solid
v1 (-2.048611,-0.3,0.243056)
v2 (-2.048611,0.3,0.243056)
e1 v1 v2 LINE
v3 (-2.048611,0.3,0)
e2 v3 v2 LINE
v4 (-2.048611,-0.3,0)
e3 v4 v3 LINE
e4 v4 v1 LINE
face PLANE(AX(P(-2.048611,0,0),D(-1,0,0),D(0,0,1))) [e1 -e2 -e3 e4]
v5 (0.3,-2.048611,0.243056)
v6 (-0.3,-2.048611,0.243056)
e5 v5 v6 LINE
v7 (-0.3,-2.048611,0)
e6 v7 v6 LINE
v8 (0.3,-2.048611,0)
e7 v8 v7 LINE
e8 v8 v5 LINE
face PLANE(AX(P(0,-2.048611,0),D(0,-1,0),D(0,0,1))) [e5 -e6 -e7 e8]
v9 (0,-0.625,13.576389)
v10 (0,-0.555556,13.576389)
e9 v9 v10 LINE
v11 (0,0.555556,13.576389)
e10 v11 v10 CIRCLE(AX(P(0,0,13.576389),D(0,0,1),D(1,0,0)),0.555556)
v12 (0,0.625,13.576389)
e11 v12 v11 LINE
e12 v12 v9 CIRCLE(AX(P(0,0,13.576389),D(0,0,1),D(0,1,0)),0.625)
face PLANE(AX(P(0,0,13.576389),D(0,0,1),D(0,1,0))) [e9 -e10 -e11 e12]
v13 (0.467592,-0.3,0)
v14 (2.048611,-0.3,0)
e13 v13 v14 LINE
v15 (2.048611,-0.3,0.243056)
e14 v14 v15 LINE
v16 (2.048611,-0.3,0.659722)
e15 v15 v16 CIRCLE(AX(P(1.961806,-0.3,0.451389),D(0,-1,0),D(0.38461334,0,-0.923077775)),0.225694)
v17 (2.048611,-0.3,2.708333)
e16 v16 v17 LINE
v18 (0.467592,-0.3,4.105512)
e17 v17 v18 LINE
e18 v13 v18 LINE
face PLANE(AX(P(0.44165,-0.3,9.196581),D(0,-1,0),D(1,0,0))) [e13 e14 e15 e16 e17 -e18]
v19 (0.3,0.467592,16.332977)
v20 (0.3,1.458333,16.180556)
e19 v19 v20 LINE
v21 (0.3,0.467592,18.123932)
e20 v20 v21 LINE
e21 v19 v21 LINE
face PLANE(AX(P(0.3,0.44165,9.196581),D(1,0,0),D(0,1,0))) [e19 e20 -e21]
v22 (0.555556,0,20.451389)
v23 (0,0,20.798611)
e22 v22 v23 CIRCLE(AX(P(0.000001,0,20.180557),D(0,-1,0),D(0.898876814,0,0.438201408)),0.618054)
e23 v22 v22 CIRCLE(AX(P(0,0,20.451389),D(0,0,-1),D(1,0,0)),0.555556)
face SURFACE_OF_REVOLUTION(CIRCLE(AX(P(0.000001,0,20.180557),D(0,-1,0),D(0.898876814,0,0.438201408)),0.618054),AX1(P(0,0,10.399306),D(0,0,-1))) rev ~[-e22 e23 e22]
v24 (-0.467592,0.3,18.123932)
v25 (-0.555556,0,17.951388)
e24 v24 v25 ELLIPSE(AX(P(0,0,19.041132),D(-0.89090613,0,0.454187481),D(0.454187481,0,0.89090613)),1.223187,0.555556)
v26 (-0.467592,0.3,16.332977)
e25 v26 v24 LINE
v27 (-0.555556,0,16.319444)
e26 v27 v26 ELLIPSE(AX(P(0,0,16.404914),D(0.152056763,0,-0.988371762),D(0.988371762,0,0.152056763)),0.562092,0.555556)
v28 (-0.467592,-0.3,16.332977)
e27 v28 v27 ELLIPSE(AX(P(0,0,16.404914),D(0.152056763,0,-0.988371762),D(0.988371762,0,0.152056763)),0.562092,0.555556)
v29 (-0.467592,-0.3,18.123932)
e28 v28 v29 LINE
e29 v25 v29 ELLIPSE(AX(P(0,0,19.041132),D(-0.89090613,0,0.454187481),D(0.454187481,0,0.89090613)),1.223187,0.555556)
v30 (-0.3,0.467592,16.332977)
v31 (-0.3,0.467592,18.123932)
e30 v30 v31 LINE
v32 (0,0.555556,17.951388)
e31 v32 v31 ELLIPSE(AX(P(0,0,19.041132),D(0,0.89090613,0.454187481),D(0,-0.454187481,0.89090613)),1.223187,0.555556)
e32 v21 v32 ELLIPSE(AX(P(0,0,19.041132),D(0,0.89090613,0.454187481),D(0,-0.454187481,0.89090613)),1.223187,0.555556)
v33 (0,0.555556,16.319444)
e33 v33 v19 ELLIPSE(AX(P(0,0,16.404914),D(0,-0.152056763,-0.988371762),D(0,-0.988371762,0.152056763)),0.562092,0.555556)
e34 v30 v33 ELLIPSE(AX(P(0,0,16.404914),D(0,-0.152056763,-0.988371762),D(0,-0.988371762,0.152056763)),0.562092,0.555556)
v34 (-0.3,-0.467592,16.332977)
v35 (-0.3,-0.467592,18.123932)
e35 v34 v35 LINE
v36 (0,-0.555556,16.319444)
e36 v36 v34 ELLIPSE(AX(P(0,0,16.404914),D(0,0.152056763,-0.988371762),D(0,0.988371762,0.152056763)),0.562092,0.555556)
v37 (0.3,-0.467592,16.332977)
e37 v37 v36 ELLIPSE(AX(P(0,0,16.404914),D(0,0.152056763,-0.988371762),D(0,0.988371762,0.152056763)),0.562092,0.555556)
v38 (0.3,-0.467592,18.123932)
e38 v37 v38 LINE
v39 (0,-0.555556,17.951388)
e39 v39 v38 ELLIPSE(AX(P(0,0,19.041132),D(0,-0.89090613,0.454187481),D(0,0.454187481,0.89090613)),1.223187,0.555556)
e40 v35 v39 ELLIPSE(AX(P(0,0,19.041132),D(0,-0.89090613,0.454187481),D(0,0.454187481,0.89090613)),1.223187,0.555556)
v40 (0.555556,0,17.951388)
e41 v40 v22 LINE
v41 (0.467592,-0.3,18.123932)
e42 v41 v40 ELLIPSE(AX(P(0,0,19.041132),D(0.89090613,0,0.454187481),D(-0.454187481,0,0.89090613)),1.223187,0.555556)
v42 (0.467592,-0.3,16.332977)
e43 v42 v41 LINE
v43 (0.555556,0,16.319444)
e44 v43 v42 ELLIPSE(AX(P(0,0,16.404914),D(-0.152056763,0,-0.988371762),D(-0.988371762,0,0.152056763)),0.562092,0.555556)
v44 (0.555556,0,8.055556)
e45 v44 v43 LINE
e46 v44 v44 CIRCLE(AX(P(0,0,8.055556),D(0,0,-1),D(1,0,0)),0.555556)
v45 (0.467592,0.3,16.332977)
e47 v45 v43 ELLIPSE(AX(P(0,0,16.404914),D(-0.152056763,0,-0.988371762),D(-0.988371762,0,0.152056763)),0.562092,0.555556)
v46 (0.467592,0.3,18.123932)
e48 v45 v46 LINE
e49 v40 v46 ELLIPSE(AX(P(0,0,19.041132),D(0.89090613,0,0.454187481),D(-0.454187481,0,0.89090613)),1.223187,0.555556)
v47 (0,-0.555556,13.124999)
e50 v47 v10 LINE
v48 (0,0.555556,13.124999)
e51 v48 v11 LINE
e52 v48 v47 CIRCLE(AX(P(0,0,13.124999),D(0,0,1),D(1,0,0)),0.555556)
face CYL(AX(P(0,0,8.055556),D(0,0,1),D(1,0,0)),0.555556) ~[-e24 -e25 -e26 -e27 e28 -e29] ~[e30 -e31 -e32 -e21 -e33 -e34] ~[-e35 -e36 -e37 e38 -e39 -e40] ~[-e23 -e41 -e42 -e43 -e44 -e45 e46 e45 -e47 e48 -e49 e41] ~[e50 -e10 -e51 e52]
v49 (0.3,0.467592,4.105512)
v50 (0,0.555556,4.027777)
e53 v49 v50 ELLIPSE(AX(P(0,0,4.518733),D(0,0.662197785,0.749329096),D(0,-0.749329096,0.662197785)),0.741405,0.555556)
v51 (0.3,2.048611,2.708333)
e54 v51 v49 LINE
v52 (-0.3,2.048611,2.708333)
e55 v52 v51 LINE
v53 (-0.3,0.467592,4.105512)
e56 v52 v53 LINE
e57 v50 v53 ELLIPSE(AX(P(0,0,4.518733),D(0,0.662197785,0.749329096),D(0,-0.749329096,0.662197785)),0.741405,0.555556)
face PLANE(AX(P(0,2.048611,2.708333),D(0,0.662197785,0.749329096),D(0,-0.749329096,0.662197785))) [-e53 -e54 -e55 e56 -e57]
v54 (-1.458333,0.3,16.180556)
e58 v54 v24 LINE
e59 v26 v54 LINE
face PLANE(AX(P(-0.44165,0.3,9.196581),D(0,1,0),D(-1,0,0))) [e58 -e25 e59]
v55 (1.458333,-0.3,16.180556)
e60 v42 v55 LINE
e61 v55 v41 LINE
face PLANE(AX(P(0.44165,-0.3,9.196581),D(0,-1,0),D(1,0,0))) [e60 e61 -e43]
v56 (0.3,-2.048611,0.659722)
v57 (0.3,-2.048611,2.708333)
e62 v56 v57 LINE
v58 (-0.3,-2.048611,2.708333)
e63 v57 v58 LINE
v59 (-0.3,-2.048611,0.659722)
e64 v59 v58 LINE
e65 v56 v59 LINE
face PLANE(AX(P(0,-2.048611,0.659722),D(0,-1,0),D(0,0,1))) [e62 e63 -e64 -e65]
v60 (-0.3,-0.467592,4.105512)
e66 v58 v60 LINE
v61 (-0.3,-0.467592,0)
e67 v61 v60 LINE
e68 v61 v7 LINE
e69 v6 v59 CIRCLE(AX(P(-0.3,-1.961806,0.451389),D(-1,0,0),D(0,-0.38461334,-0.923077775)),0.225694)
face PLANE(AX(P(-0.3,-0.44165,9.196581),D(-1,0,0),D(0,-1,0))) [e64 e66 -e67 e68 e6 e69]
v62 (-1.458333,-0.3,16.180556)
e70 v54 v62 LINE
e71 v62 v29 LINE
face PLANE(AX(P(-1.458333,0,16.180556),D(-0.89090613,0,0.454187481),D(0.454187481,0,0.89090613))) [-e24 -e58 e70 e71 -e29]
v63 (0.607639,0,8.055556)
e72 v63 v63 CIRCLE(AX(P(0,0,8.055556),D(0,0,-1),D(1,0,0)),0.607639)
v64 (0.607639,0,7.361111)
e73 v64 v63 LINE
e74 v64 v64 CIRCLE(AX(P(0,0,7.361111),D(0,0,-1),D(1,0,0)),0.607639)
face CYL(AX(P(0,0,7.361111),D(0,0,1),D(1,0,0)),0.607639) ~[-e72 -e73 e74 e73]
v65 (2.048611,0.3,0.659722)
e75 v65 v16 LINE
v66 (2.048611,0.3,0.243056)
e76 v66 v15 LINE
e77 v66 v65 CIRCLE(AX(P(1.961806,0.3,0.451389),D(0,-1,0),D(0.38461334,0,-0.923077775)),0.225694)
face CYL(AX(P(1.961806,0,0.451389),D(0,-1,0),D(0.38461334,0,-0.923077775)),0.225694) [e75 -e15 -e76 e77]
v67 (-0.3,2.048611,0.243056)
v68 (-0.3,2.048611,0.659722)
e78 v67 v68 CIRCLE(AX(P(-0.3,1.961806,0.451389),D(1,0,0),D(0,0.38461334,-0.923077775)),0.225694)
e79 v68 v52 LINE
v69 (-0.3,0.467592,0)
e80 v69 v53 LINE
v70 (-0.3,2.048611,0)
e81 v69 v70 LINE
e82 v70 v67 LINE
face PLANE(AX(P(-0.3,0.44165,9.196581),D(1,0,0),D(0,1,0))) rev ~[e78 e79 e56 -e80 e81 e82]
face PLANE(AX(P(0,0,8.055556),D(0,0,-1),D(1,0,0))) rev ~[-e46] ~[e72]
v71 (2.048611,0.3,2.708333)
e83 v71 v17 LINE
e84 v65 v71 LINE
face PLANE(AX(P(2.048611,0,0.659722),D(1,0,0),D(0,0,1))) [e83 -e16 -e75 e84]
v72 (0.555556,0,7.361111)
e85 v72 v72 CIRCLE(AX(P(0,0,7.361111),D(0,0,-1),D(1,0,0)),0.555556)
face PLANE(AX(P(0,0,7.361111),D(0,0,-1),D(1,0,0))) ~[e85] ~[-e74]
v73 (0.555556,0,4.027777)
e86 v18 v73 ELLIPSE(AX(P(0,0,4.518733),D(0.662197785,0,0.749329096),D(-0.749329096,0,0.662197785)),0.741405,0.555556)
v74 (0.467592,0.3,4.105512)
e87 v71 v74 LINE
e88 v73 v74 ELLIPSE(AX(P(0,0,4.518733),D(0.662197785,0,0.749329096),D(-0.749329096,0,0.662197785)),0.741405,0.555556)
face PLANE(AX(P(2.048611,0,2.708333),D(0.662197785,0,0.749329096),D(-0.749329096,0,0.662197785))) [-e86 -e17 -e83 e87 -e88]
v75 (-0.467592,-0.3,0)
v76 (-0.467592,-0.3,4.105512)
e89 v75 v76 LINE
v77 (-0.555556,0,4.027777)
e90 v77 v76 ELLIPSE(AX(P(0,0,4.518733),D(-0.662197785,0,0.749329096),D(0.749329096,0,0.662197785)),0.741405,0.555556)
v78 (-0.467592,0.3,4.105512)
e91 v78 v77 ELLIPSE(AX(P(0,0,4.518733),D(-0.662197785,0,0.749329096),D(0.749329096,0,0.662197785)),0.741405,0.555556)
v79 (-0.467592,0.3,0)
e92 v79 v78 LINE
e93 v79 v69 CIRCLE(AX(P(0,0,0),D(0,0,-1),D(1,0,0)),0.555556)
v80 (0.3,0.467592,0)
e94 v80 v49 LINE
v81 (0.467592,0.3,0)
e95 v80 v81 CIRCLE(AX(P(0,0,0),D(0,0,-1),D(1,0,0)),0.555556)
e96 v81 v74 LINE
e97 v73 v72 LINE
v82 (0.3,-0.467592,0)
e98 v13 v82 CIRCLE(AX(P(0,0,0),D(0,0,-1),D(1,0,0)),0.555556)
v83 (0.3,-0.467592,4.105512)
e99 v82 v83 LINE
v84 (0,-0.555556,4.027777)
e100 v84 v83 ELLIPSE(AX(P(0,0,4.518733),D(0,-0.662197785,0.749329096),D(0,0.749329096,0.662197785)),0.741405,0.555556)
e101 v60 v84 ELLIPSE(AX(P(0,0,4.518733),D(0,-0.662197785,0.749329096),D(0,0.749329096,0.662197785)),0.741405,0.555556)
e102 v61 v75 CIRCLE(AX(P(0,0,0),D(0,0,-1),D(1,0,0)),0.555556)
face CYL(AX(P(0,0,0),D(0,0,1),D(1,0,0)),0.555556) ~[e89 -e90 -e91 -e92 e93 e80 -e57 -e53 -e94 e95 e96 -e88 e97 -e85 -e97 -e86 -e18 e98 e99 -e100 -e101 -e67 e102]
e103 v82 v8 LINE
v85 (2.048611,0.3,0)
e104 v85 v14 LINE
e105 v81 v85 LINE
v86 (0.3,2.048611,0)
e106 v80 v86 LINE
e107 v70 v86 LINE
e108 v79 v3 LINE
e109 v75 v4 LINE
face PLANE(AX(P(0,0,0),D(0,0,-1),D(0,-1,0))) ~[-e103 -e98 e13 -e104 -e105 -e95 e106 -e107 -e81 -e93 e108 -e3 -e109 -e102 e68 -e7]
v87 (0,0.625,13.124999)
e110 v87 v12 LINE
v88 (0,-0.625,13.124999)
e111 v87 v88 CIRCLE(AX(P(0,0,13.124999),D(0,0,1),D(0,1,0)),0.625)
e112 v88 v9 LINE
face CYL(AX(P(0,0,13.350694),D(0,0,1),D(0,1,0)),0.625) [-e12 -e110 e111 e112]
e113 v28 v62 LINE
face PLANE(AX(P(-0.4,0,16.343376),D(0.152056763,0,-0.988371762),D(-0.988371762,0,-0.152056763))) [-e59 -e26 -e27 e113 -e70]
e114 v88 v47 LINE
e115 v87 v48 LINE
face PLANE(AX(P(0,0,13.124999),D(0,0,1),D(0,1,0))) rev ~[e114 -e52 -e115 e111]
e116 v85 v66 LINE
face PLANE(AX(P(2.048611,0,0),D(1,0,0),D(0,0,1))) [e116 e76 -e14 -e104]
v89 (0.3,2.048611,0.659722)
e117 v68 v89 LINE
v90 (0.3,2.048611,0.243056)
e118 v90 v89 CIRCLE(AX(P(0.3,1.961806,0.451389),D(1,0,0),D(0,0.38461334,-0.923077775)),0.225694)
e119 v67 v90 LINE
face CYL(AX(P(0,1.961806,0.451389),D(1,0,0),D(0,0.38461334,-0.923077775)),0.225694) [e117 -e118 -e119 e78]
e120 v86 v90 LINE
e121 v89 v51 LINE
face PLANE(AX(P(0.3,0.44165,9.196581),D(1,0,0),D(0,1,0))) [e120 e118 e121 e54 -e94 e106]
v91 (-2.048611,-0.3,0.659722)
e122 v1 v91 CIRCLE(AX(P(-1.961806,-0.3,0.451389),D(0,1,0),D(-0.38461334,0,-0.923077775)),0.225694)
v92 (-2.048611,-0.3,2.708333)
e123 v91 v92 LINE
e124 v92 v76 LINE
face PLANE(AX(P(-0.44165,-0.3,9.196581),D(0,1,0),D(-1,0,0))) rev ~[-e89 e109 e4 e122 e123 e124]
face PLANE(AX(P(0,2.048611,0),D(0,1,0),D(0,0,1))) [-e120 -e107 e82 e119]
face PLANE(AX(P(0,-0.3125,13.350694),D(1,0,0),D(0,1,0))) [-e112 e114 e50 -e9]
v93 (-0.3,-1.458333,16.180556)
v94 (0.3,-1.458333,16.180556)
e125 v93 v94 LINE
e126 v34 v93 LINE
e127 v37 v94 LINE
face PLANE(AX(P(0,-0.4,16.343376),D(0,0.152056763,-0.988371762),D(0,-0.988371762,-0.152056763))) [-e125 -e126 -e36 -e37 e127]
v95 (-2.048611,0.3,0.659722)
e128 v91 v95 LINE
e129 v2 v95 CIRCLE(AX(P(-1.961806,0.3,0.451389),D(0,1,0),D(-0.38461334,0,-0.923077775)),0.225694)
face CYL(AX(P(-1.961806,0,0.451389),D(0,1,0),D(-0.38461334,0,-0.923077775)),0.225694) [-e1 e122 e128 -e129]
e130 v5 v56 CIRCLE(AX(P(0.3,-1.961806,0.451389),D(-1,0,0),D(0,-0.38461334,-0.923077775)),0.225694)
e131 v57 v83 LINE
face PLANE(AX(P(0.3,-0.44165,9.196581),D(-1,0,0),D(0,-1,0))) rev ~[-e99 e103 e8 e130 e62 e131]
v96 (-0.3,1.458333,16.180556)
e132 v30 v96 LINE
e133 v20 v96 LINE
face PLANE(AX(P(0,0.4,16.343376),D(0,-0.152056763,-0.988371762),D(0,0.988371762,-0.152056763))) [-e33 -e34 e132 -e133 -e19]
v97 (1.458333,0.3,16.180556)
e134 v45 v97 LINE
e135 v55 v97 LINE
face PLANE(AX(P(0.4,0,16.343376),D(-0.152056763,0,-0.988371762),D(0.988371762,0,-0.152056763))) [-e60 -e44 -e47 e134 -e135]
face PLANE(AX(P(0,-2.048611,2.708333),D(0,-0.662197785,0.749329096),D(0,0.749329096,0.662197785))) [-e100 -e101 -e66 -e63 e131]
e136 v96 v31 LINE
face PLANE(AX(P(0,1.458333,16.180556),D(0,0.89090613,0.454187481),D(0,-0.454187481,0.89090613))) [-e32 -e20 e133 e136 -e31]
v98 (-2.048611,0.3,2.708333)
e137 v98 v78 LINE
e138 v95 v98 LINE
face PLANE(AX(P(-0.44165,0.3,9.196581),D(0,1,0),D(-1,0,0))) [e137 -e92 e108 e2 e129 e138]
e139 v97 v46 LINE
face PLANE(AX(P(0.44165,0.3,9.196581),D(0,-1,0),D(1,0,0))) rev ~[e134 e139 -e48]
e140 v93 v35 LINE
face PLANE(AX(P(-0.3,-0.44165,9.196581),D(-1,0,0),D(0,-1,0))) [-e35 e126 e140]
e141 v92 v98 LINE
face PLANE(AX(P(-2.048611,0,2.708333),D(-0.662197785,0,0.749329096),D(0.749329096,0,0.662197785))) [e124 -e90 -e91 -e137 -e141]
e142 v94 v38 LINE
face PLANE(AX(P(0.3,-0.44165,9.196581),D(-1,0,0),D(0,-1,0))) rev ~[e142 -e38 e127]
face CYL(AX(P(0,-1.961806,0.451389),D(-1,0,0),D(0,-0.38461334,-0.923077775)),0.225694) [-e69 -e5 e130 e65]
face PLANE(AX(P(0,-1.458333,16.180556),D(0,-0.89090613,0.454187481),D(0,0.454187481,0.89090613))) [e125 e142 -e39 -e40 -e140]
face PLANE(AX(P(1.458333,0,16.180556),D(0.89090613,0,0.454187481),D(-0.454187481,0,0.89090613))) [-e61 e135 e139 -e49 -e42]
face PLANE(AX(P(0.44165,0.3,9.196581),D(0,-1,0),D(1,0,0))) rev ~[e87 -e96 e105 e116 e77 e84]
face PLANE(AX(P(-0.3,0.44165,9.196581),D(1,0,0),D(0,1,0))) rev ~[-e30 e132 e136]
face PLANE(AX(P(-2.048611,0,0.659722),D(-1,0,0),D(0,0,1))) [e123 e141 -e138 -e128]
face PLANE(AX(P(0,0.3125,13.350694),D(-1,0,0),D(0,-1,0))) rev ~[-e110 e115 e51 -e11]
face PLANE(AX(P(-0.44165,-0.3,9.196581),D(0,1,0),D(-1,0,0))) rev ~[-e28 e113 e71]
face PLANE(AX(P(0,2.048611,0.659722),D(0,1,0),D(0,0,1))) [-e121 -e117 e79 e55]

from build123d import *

# Parameters (mm, degrees)
F3_DEPTH      = 0.3
F4_COUNT      = 4
F5_W          = 0.625
F5_H          = 0.451389
F6_ANGLE_BACK = 90
F6_ANGLE      = 180


with BuildPart() as f1:
    # F0 (on Front) → F1 (revolve)
    with BuildSketch(Plane.XZ):
        with BuildLine():
            Line((0, 20.798611), (0, 0))
            Line((0, 0), (0.555556, 0))
            Line((0.555556, 0), (0.555556, 7.361111))
            Line((0.555556, 7.361111), (0.607639, 7.361111))
            Line((0.607639, 7.361111), (0.607639, 8.055556))
            Line((0.607639, 8.055556), (0.555556, 8.055556))
            Line((0.555556, 8.055556), (0.555556, 20.451389))
            ThreePointArc((0.555556, 20.451389), (0.327569, 20.704666), (0, 20.798611))
        make_face()
    revolve(axis=Axis((0, 0, 10.399306), (0, 0, -1)))

    # F2 (on Front) → F3 (join, symmetric)
    with BuildSketch(Plane.XZ):
        with BuildLine():
            Line((0, 0), (2.048611, 0))
            Line((2.048611, 0), (2.048611, 0.243056))
            ThreePointArc((2.048611, 0.243056), (2.1875, 0.451389), (2.048611, 0.659722))
            Line((2.048611, 0.659722), (2.048611, 2.708333))
            Line((2.048611, 2.708333), (0.4, 4.165245))
            Line((0.4, 4.165245), (0.4, 16.343376))
            Line((0.4, 16.343376), (1.458333, 16.180556))
            Line((1.458333, 16.180556), (0, 19.041132))
            Line((0, 19.041132), (0, 0))
        make_face()
    extrude(amount=F3_DEPTH, both=True)

    # F4: F1 ×4 about axis
    f4_axis = Axis((0, 0, 8.055556), (0, 0, 1))


with BuildPart() as f1_1:
    add(f1.part)
    for i in range(1, F4_COUNT):
        add(f1.part.rotate(f4_axis, i * 360 / F4_COUNT))

    # F5 (on Front) → F6 (revolve)
    with BuildSketch(Plane.XZ, mode=Mode.PRIVATE) as f6_sk:
        with Locations((-0.3125, 13.350694)):
            Rectangle(F5_W, F5_H)
    revolve(f6_sk.sketch.rotate(Axis((0, 0, 8.055556), (0, 0, 1)), -F6_ANGLE_BACK), axis=Axis((0, 0, 8.055556), (0, 0, 1)), revolution_arc=F6_ANGLE)


solid = f1_1.part
